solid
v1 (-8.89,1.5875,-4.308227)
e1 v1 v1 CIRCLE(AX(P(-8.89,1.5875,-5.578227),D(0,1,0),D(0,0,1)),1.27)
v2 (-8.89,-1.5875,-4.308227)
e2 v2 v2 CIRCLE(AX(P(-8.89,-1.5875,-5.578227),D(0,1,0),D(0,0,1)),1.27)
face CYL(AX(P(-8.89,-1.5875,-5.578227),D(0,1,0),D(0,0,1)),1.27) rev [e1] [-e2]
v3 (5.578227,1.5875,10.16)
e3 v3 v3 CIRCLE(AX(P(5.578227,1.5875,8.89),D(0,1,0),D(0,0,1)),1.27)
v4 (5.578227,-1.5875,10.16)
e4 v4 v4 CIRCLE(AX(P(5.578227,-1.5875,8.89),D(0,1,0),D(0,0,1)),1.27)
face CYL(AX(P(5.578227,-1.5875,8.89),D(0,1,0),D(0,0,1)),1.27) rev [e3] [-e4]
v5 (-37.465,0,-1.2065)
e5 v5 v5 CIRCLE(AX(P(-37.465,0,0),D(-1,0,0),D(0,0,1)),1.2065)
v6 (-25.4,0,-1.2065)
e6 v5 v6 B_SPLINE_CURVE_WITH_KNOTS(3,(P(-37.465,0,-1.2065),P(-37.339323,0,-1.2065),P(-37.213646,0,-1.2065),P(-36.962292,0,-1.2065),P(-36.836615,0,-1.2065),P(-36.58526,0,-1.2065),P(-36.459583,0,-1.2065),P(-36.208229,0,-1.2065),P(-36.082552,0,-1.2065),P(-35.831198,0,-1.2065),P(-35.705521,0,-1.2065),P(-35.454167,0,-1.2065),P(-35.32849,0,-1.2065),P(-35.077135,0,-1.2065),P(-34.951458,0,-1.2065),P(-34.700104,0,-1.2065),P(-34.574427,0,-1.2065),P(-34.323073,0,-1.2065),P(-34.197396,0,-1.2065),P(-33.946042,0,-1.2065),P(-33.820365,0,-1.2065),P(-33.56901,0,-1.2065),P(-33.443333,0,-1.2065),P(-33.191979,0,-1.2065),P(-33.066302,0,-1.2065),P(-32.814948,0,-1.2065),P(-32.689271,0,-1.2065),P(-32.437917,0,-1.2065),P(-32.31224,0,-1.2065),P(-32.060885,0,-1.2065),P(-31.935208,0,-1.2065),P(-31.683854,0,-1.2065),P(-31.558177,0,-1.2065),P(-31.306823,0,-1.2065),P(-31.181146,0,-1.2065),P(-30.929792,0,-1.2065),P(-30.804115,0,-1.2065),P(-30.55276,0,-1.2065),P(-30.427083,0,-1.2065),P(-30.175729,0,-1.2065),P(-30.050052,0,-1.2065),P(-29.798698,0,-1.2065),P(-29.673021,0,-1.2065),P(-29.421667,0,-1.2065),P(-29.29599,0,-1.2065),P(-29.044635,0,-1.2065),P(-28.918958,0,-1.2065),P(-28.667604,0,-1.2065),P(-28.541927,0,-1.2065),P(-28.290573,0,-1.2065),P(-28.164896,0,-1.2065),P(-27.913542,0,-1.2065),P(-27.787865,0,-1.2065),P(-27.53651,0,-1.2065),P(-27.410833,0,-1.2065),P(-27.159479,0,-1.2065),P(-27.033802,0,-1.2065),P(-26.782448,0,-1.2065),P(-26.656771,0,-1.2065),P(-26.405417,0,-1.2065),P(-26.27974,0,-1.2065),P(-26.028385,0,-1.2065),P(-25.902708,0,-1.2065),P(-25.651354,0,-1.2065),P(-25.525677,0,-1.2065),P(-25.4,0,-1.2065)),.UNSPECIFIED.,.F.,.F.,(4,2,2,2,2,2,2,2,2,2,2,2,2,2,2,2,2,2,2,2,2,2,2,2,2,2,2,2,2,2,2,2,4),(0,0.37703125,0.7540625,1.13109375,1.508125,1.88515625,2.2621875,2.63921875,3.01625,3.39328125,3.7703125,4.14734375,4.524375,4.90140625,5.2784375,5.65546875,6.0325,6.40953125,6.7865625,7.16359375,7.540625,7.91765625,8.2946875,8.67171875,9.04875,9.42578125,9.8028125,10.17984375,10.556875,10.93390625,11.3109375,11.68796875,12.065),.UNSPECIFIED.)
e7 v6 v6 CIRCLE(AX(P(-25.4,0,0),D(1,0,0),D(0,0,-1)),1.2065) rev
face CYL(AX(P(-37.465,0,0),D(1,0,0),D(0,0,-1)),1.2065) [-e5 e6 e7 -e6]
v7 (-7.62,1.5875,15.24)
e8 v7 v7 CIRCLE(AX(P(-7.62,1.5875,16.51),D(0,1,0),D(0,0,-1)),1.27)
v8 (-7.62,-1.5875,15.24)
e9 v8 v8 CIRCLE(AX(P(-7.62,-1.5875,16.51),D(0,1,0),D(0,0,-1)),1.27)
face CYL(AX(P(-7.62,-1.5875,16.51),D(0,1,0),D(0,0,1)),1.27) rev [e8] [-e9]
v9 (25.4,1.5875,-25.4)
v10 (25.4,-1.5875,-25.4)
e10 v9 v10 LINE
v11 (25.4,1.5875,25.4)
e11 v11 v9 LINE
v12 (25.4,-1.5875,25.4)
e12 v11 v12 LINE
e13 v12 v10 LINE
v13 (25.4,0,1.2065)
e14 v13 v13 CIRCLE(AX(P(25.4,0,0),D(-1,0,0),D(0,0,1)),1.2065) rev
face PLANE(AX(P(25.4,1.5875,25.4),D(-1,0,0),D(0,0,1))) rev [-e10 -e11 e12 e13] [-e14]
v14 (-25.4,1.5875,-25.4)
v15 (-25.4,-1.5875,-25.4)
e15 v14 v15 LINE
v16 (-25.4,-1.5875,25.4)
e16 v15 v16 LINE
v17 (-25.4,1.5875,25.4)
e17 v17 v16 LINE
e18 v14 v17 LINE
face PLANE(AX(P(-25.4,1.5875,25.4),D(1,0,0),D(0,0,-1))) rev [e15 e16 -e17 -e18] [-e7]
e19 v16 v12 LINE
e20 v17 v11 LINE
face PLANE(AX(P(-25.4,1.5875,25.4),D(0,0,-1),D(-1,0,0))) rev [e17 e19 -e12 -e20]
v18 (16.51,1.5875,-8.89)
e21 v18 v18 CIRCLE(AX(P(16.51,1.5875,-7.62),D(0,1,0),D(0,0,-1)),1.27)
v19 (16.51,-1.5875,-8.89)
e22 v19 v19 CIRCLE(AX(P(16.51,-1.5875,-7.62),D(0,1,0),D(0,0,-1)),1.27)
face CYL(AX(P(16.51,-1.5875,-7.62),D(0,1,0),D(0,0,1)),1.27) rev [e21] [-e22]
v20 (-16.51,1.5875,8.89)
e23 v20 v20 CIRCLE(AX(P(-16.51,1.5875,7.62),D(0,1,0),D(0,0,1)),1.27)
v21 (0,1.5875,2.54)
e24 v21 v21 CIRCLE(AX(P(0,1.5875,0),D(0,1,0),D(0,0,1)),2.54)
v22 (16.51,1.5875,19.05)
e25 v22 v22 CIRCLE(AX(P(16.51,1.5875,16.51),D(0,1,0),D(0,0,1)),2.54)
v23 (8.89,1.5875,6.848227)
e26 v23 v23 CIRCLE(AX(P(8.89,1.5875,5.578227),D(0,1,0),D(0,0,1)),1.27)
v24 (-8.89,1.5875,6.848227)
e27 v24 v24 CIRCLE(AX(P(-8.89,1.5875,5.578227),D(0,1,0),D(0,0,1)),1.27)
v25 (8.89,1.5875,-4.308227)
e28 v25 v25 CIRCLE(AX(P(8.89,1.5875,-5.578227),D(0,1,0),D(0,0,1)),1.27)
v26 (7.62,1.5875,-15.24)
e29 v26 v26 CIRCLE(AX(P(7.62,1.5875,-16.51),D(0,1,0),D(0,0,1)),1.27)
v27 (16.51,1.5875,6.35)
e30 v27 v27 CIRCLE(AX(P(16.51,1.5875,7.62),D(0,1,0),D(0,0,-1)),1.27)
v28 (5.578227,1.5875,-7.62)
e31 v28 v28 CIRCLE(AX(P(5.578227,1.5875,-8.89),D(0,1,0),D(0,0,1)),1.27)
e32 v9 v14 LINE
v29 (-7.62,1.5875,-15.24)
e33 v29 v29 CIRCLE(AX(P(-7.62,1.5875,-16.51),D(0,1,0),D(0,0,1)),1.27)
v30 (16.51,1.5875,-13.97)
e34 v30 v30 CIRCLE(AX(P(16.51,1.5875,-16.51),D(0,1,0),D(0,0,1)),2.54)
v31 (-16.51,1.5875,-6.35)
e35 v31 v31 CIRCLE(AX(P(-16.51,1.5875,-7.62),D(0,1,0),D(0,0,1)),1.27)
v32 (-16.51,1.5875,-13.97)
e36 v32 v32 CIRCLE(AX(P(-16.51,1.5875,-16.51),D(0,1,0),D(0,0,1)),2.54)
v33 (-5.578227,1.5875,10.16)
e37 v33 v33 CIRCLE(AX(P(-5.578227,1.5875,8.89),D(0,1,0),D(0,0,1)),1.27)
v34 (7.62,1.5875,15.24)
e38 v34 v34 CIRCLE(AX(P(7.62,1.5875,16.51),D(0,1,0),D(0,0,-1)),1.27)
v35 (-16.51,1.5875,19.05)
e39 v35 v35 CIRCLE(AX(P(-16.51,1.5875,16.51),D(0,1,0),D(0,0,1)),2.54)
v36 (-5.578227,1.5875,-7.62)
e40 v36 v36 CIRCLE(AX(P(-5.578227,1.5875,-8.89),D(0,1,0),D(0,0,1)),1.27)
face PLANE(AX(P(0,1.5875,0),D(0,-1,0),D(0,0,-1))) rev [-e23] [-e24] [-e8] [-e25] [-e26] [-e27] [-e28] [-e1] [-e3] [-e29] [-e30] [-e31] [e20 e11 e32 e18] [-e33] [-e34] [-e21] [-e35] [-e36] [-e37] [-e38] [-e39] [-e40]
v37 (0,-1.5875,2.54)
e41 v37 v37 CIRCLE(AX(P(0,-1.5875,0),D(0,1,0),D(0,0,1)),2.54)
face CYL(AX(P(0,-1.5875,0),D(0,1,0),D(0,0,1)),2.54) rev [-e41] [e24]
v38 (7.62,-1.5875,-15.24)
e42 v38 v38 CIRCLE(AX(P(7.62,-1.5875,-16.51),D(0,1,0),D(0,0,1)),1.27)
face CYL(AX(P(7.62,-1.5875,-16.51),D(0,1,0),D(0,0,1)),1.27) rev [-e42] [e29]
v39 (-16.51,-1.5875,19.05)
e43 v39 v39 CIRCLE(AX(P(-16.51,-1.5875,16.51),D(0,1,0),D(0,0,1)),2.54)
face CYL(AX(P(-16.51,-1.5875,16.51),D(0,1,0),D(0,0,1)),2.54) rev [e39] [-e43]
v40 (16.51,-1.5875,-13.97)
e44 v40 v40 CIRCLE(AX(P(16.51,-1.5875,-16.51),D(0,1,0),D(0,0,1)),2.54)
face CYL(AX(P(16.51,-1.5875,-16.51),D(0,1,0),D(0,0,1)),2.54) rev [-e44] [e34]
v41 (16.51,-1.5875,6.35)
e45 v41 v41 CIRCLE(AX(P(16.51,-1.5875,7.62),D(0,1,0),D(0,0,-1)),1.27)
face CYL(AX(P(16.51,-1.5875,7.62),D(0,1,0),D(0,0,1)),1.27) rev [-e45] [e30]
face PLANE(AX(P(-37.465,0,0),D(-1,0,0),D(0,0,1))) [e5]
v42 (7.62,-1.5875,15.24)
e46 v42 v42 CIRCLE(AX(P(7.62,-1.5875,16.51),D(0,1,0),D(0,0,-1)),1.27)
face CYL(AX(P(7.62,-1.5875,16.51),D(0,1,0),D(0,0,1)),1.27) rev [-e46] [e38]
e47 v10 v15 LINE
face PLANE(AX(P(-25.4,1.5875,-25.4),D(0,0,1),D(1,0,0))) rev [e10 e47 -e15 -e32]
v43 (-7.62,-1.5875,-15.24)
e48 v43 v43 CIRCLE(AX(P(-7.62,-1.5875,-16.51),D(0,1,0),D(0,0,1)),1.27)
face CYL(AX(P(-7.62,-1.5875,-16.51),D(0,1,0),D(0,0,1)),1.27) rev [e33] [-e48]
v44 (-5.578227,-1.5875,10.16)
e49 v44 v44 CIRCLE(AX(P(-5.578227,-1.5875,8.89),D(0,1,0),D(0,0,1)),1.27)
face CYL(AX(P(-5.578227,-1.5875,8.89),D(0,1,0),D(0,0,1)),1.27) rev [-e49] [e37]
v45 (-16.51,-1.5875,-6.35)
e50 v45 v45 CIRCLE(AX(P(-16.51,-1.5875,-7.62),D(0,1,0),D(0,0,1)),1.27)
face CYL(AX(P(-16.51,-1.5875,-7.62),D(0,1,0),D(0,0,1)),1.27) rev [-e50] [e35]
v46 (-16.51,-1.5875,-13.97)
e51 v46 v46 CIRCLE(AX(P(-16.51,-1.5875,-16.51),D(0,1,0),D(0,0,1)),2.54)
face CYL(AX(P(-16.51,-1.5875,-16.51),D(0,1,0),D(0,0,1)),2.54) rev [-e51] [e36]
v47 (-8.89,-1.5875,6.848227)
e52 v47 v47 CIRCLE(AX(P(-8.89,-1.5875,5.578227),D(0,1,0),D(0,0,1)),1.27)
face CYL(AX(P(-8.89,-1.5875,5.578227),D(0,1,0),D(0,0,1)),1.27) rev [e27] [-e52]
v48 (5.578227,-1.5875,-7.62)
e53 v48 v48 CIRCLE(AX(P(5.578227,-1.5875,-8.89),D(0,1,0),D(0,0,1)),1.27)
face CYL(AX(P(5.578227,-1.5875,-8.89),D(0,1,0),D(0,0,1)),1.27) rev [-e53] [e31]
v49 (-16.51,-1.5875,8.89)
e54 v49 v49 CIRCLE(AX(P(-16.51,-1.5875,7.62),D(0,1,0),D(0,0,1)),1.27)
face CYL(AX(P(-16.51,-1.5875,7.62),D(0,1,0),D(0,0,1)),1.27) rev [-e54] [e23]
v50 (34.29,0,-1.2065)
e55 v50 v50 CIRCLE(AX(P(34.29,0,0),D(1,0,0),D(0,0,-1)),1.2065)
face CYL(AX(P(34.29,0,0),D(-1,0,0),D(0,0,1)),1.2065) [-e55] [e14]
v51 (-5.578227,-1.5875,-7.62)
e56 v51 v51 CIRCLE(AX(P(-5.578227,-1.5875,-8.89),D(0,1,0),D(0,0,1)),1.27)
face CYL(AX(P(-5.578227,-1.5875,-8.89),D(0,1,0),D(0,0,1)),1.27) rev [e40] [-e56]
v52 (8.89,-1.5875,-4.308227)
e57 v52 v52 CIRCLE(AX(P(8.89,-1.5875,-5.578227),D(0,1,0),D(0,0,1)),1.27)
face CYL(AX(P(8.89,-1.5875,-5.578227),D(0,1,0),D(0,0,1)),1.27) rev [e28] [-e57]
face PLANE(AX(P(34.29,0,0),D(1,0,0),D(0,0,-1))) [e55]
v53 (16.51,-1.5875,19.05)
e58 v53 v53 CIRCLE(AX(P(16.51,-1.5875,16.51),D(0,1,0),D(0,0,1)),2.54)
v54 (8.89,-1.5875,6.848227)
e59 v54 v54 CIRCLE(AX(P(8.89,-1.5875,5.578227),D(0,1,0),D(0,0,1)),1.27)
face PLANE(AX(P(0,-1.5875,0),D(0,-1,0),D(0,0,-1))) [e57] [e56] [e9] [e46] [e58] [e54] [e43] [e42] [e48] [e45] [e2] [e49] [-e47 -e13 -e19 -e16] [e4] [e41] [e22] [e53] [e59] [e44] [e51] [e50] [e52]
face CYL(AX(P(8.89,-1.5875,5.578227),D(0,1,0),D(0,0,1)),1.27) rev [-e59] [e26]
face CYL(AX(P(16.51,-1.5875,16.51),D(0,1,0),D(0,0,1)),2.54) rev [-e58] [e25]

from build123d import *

# Parameters (mm, degrees)
SKETCH1_W           = 50.8
SKETCH1_H           = 50.8
BOSS_EXTRUDE1_DEPTH = 1.5875
SKETCH3_R           = 1.2065
BOSS_EXTRUDE2_DEPTH = 8.89
SKETCH4_R           = 2.54
SKETCH4_R_2         = 1.27
CUT_EXTRUDE1_DEPTH  = 43.790708396
BOSS_EXTRUDE3_START = 12.065
SKETCH5_R           = 1.2065
BOSS_EXTRUDE3_DEPTH = 12.065


with BuildPart() as part:
    # Sketch1 → Boss-Extrude1 (new, symmetric)
    with BuildSketch(Plane(origin=(0, 0, 0), x_dir=(1, 0, 0), z_dir=(0, 1, 0))):
        Rectangle(SKETCH1_W, SKETCH1_H)
    extrude(amount=BOSS_EXTRUDE1_DEPTH, both=True)

    # Sketch3 → Boss-Extrude2 (add)
    with BuildSketch(Plane(origin=(25.4, 0, 0), x_dir=(0, 0, -1), z_dir=(1, 0, 0))):
        with Locations(Location((0, 0, 0), (0, 0, 180))):
            Circle(SKETCH3_R)
    extrude(amount=BOSS_EXTRUDE2_DEPTH)

    # Sketch4 → Cut-Extrude1 (cut, through all)
    with BuildSketch(Plane(origin=(0, 1.5875, 0), x_dir=(1, 0, 0), z_dir=(0, 1, 0))):
        with Locations(Location((0, 0, 0), (0, 0, 270))):
            Circle(SKETCH4_R)
        with Locations(Location((-16.51, 16.51, 0), (0, 0, 270))):
            Circle(SKETCH4_R)
        with Locations(Location((16.51, 16.51, 0), (0, 0, 270))):
            Circle(SKETCH4_R)
        with Locations(Location((16.51, -16.51, 0), (0, 0, 270))):
            Circle(SKETCH4_R)
        with Locations(Location((-16.51, -16.51, 0), (0, 0, 270))):
            Circle(SKETCH4_R)
        with Locations(Location((-16.51, 7.62, 0), (0, 0, 270))):
            Circle(SKETCH4_R_2)
        with Locations(Location((-7.62, 16.51, 0), (0, 0, 270))):
            Circle(SKETCH4_R_2)
        with Locations(Location((7.62, 16.51, 0), (0, 0, 270))):
            Circle(SKETCH4_R_2)
        with Locations(Location((-16.51, -7.62, 0), (0, 0, 270))):
            Circle(SKETCH4_R_2)
        with Locations(Location((7.62, -16.51, 0), (0, 0, 90))):
            Circle(SKETCH4_R_2)
        with Locations(Location((-7.62, -16.51, 0), (0, 0, 90))):
            Circle(SKETCH4_R_2)
        with Locations(Location((16.51, -7.62, 0), (0, 0, 90))):
            Circle(SKETCH4_R_2)
        with Locations(Location((16.51, 7.62, 0), (0, 0, 90))):
            Circle(SKETCH4_R_2)
        with Locations(Location((5.578227154, 8.89, 0), (0, 0, 270))):
            Circle(SKETCH4_R_2)
        with Locations(Location((-5.578227154, 8.89, 0), (0, 0, 270))):
            Circle(SKETCH4_R_2)
        with Locations(Location((8.89, -5.578227154, 0), (0, 0, 270))):
            Circle(SKETCH4_R_2)
        with Locations(Location((8.89, 5.578227154, 0), (0, 0, 270))):
            Circle(SKETCH4_R_2)
        with Locations(Location((-5.578227154, -8.89, 0), (0, 0, 270))):
            Circle(SKETCH4_R_2)
        with Locations(Location((5.578227154, -8.89, 0), (0, 0, 270))):
            Circle(SKETCH4_R_2)
        with Locations(Location((-8.89, 5.578227154, 0), (0, 0, 270))):
            Circle(SKETCH4_R_2)
        with Locations(Location((-8.89, -5.578227154, 0), (0, 0, 270))):
            Circle(SKETCH4_R_2)
    extrude(amount=-CUT_EXTRUDE1_DEPTH, mode=Mode.SUBTRACT)

    # Sketch5 → Boss-Extrude3 (add)
    with BuildSketch(Plane.ZY.offset(25.4).offset(BOSS_EXTRUDE3_START)):
        Circle(SKETCH5_R)
    extrude(amount=-BOSS_EXTRUDE3_DEPTH)


solid = part.part
